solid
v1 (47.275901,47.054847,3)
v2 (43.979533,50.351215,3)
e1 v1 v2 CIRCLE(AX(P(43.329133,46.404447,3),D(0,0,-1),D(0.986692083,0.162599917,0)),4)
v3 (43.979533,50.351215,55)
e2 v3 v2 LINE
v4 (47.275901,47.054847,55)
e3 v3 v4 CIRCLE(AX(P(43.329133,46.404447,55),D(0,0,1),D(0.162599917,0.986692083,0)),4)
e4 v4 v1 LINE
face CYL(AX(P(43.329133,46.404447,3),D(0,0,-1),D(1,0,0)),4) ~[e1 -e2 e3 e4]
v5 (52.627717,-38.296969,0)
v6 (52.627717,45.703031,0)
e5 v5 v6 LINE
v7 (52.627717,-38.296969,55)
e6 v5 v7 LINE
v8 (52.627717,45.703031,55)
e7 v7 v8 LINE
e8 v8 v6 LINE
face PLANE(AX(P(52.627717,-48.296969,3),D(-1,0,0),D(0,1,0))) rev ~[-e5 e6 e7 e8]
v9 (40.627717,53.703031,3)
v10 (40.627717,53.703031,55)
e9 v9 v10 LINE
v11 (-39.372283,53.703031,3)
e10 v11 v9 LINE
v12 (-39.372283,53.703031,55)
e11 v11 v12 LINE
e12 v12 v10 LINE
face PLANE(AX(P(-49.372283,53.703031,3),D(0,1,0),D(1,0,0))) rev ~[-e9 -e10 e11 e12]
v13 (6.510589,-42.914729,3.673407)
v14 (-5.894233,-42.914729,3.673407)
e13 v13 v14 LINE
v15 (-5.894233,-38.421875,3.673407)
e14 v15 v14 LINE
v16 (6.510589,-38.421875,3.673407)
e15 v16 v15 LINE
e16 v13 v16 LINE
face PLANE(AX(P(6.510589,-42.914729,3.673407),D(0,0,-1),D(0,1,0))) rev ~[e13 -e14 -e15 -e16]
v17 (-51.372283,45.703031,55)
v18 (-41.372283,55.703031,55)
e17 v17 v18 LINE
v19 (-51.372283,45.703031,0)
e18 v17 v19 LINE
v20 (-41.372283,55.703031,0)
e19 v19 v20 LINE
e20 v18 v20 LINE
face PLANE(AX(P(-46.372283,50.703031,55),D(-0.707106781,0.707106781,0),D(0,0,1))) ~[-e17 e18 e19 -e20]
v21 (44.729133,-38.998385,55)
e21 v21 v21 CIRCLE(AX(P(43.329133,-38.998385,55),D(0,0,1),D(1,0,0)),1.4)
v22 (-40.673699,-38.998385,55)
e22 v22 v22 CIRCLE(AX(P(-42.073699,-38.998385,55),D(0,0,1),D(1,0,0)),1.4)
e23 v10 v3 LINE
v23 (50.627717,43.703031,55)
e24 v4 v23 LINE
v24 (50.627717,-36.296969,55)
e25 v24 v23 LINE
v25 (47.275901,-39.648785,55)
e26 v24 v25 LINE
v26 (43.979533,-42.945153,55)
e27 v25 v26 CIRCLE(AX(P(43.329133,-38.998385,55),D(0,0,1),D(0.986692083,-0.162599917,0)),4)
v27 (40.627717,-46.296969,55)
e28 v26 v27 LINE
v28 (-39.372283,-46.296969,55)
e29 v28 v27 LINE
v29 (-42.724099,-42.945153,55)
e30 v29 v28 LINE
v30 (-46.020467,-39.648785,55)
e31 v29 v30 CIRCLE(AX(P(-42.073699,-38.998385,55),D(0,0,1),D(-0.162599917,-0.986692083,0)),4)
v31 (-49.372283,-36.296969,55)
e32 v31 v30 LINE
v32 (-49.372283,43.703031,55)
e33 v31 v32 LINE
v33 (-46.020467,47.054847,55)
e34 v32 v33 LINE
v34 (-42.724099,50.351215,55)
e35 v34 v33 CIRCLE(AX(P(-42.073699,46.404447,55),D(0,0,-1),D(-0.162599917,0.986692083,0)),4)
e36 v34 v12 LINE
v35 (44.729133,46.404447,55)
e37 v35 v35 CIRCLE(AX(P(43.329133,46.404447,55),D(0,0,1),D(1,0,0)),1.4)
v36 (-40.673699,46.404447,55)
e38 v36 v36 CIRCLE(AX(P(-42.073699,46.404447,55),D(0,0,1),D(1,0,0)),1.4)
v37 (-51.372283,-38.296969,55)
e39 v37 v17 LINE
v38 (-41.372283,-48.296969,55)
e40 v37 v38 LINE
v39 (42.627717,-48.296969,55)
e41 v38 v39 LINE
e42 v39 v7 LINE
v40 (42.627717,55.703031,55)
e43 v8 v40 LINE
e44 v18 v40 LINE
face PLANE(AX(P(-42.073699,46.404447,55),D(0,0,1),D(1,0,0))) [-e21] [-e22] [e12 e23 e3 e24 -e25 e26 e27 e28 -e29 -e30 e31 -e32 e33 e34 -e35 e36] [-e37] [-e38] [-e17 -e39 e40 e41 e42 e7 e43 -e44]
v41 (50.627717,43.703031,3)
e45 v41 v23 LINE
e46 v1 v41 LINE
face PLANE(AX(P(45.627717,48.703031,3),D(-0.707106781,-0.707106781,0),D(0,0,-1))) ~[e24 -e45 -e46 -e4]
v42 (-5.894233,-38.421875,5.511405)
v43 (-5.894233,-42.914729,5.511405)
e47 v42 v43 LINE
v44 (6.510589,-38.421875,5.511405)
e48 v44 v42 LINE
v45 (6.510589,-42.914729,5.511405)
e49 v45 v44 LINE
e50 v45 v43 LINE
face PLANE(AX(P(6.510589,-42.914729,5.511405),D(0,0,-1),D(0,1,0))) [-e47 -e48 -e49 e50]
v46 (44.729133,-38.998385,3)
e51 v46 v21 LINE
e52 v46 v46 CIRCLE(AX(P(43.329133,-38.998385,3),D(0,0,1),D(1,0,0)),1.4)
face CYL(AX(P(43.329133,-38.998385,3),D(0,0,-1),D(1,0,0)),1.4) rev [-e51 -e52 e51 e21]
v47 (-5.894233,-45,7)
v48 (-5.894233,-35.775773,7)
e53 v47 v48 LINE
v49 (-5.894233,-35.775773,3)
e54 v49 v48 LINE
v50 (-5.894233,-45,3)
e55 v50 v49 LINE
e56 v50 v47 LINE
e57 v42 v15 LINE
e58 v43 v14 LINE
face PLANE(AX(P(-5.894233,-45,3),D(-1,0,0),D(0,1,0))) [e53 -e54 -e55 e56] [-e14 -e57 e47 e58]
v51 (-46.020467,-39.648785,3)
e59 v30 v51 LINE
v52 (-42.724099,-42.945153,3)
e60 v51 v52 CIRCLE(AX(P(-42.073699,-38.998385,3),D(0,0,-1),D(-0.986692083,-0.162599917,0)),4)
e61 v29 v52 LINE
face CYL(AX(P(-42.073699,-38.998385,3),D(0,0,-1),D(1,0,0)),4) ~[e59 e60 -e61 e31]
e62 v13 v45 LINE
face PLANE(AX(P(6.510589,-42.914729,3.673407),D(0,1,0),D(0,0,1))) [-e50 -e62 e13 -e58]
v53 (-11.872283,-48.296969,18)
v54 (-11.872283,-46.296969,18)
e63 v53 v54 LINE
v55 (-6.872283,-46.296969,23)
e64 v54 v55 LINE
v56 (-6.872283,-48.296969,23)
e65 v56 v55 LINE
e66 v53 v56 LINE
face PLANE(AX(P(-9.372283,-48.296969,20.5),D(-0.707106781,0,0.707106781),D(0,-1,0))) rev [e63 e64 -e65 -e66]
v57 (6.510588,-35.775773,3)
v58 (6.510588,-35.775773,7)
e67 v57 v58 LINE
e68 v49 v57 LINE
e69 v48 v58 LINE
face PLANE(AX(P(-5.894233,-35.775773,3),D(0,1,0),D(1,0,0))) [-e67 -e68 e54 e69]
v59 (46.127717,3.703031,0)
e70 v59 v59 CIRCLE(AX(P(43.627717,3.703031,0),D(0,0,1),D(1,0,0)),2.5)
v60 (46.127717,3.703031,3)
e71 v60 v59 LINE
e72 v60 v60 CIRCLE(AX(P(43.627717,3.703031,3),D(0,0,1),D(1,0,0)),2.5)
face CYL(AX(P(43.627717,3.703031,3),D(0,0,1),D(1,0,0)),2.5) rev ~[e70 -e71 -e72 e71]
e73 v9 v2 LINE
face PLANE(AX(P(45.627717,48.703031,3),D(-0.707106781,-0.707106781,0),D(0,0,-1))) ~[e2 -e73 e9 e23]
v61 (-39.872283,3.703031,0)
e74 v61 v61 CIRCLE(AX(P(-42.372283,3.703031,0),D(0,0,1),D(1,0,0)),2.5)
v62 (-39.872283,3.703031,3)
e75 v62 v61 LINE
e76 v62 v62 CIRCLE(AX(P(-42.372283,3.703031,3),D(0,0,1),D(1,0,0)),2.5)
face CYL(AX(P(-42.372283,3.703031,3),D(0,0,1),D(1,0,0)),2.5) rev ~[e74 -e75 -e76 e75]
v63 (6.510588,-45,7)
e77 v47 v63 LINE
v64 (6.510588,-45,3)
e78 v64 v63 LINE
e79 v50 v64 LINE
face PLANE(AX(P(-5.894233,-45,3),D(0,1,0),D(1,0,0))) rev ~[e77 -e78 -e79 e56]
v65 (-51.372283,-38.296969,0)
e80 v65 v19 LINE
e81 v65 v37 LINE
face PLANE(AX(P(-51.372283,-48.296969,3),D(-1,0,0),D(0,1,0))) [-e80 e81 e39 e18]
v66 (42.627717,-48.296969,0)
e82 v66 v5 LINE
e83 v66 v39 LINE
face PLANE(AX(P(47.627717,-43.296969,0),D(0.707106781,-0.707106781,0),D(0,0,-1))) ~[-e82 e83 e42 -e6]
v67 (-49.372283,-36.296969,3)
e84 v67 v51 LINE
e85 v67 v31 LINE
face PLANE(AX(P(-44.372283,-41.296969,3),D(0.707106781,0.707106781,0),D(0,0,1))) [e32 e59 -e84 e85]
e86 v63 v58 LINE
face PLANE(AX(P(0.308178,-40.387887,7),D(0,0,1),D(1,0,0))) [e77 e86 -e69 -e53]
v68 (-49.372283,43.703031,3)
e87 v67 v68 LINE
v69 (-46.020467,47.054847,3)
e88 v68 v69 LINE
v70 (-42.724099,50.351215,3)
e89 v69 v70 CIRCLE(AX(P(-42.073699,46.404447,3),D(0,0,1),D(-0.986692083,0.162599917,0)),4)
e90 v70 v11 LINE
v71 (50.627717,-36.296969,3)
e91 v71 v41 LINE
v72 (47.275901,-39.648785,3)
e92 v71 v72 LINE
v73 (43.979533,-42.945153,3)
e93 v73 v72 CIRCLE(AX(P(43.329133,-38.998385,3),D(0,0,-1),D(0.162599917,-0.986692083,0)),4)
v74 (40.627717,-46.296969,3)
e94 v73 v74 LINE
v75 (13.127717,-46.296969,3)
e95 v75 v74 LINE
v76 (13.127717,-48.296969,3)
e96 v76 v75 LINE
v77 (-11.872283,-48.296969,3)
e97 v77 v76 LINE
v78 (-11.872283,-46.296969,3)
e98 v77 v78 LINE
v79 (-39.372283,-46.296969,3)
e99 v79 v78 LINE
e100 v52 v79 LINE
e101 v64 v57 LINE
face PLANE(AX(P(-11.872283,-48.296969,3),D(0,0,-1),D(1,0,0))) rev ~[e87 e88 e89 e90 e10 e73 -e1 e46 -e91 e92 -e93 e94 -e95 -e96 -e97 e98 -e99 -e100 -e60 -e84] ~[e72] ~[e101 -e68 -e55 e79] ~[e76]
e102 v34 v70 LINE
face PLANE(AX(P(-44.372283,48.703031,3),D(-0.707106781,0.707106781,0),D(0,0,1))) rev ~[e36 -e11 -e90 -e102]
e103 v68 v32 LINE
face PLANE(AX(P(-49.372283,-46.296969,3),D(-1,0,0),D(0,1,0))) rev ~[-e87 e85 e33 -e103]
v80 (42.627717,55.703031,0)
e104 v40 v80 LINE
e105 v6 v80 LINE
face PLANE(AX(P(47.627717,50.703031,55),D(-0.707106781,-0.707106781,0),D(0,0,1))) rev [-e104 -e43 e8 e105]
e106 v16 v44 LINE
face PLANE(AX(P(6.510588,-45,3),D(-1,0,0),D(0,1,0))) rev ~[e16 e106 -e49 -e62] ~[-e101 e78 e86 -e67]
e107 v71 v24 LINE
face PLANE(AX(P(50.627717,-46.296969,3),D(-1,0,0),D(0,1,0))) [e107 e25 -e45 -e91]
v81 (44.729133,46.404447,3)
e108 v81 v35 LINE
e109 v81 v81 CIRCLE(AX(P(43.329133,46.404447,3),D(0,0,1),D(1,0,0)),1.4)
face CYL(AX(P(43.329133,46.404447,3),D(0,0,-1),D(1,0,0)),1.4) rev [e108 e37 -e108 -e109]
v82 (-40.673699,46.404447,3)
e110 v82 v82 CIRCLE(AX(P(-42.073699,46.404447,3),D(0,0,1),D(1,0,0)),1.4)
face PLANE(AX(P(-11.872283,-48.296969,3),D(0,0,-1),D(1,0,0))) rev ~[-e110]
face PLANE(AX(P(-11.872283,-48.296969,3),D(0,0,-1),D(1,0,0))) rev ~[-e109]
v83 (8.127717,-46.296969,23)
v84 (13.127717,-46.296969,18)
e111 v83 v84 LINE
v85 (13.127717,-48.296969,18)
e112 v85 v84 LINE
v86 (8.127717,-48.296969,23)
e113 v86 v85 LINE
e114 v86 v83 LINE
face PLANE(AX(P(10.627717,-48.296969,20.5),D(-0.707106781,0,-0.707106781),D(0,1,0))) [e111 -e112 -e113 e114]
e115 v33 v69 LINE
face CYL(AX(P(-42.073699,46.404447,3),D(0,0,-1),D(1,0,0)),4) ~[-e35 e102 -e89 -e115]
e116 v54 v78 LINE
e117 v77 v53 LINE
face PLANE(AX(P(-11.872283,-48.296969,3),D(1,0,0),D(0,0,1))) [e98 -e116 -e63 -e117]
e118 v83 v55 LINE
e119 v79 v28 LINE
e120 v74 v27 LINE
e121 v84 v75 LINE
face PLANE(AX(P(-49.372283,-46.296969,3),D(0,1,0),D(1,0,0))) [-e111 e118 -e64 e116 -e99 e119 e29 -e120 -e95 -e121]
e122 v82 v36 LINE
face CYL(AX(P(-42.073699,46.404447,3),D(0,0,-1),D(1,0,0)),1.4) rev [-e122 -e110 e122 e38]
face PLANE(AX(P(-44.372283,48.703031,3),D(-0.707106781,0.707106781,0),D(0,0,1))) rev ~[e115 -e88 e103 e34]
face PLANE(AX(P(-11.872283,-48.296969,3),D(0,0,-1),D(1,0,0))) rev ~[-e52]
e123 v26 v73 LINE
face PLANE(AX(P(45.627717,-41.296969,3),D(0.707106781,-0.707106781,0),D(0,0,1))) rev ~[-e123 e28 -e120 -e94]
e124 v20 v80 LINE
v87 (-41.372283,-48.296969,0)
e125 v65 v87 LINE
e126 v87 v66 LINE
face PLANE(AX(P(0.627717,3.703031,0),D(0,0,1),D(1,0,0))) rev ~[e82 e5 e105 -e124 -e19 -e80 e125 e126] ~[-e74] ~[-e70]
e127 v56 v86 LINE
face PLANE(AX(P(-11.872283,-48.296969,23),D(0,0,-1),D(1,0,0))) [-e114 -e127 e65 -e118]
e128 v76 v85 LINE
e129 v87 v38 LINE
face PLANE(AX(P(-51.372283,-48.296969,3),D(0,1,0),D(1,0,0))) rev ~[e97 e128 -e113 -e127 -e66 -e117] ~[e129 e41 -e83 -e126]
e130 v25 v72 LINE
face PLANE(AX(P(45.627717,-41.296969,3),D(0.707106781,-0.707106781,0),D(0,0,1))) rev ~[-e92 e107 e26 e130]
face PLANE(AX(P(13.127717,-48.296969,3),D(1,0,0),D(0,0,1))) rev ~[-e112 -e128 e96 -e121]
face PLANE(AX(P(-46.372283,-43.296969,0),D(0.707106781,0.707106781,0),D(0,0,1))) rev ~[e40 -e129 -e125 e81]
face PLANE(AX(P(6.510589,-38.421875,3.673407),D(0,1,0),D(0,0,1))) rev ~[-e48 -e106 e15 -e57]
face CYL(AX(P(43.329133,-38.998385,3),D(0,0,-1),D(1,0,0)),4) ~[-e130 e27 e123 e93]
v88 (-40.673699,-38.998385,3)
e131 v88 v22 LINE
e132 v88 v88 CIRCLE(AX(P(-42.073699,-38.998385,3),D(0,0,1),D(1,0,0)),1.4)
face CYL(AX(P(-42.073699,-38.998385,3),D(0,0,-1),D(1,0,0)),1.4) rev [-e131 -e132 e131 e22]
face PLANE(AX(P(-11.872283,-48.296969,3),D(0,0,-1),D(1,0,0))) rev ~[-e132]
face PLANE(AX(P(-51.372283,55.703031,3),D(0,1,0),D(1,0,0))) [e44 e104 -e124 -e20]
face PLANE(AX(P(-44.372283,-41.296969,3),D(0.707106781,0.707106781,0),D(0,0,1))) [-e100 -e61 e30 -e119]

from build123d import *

# Parameters (mm, degrees)
SKETCH_W        = 104
SKETCH_H        = 104
PAD_DEPTH       = 3
SKETCH001_W     = 104
SKETCH001_H     = 104
SKETCH001_W_2   = 100
SKETCH001_H_2   = 100
PAD001_DEPTH    = 52
CHAMFER_SIZE    = 10
SKETCH003_W     = 25
SKETCH003_H     = 20
POCKET_DEPTH    = 5
CHAMFER001_SIZE = 5
SKETCH004_W     = 12.404821
SKETCH004_H     = 9.224227
PAD002_DEPTH    = 4
SKETCH005_R     = 4
SKETCH005_R_2   = 1.4
PAD003_DEPTH    = 52
SKETCH002_R     = 2.5
POCKET001_DEPTH = 5
SKETCH006_W     = 4.492853
SKETCH006_H     = 1.837998
POCKET002_DEPTH = 25


with BuildPart() as part:
    # Sketch → Pad (new body)
    with BuildSketch(Plane.XY):
        with Locations((0.627717, 3.703031)):
            Rectangle(SKETCH_W, SKETCH_H)
    extrude(amount=PAD_DEPTH)

    # Sketch001 → Pad001 (new body)
    with BuildSketch(Plane.XY.offset(3)):
        with Locations((0.627717, 3.703031)):
            Rectangle(SKETCH001_W, SKETCH001_H)
        with Locations((0.627717, 3.703031)):
            Rectangle(SKETCH001_W_2, SKETCH001_H_2, mode=Mode.SUBTRACT)
    extrude(amount=PAD001_DEPTH)

    # Chamfer
    chamfer_edges = [part.edges().sort_by_distance(p)[0] for p in [
        (-51.372283, 55.703031, 27.5),
        (52.627717, 55.703031, 27.5),
        (-51.372283, -48.296969, 27.5),
        (52.627717, -48.296969, 27.5),
        (-49.372283, 53.703031, 29),
        (50.627717, 53.703031, 29),
        (-49.372283, -46.296969, 29),
        (50.627717, -46.296969, 29),
    ]]
    chamfer(chamfer_edges, length=CHAMFER_SIZE)

    # Sketch003 → Pocket (cut)
    with BuildSketch(Plane.XZ.offset(48.296969)):
        with Locations((0.627717, 13)):
            Rectangle(SKETCH003_W, SKETCH003_H)
    extrude(amount=-POCKET_DEPTH, mode=Mode.SUBTRACT)

    # Chamfer001
    chamfer001_edges = [part.edges().sort_by_distance(p)[0] for p in [
        (-11.872283, -47.296969, 23),
        (13.127717, -47.296969, 23),
    ]]
    chamfer(chamfer001_edges, length=CHAMFER001_SIZE)

    # Sketch004 → Pad002 (new body)
    with BuildSketch(Plane.XY.offset(3)):
        with Locations((0.308178, -40.387887)):
            Rectangle(SKETCH004_W, SKETCH004_H)
    extrude(amount=PAD002_DEPTH)

    # Sketch005 → Pad003 (new body)
    with BuildSketch(Plane.XY.offset(3)):
        with Locations((-42.073699, 46.404447)):
            Circle(SKETCH005_R)
        with Locations((-42.073699, 46.404447)):
            Circle(SKETCH005_R_2, mode=Mode.SUBTRACT)
        with Locations((43.329133, 46.404447)):
            Circle(SKETCH005_R)
        with Locations((43.329133, 46.404447)):
            Circle(SKETCH005_R_2, mode=Mode.SUBTRACT)
        with Locations((-42.073699, -38.998385)):
            Circle(SKETCH005_R)
        with Locations((-42.073699, -38.998385)):
            Circle(SKETCH005_R_2, mode=Mode.SUBTRACT)
        with Locations((43.329133, -38.998385)):
            Circle(SKETCH005_R)
        with Locations((43.329133, -38.998385)):
            Circle(SKETCH005_R_2, mode=Mode.SUBTRACT)
    extrude(amount=PAD003_DEPTH)

    # Sketch002 → Pocket001 (cut)
    with BuildSketch(Plane.XY.offset(3)):
        with Locations((-42.372283, 3.703031)):
            Circle(SKETCH002_R)
        with Locations((43.627717, 3.703031)):
            Circle(SKETCH002_R)
    extrude(amount=-POCKET001_DEPTH, mode=Mode.SUBTRACT)

    # Sketch006 → Pocket002 (cut)
    with BuildSketch(Plane.YZ.offset(6.510589)):
        with Locations((-40.668302, 4.592406)):
            Rectangle(SKETCH006_W, SKETCH006_H)
    extrude(amount=-POCKET002_DEPTH, mode=Mode.SUBTRACT)


solid = part.part
